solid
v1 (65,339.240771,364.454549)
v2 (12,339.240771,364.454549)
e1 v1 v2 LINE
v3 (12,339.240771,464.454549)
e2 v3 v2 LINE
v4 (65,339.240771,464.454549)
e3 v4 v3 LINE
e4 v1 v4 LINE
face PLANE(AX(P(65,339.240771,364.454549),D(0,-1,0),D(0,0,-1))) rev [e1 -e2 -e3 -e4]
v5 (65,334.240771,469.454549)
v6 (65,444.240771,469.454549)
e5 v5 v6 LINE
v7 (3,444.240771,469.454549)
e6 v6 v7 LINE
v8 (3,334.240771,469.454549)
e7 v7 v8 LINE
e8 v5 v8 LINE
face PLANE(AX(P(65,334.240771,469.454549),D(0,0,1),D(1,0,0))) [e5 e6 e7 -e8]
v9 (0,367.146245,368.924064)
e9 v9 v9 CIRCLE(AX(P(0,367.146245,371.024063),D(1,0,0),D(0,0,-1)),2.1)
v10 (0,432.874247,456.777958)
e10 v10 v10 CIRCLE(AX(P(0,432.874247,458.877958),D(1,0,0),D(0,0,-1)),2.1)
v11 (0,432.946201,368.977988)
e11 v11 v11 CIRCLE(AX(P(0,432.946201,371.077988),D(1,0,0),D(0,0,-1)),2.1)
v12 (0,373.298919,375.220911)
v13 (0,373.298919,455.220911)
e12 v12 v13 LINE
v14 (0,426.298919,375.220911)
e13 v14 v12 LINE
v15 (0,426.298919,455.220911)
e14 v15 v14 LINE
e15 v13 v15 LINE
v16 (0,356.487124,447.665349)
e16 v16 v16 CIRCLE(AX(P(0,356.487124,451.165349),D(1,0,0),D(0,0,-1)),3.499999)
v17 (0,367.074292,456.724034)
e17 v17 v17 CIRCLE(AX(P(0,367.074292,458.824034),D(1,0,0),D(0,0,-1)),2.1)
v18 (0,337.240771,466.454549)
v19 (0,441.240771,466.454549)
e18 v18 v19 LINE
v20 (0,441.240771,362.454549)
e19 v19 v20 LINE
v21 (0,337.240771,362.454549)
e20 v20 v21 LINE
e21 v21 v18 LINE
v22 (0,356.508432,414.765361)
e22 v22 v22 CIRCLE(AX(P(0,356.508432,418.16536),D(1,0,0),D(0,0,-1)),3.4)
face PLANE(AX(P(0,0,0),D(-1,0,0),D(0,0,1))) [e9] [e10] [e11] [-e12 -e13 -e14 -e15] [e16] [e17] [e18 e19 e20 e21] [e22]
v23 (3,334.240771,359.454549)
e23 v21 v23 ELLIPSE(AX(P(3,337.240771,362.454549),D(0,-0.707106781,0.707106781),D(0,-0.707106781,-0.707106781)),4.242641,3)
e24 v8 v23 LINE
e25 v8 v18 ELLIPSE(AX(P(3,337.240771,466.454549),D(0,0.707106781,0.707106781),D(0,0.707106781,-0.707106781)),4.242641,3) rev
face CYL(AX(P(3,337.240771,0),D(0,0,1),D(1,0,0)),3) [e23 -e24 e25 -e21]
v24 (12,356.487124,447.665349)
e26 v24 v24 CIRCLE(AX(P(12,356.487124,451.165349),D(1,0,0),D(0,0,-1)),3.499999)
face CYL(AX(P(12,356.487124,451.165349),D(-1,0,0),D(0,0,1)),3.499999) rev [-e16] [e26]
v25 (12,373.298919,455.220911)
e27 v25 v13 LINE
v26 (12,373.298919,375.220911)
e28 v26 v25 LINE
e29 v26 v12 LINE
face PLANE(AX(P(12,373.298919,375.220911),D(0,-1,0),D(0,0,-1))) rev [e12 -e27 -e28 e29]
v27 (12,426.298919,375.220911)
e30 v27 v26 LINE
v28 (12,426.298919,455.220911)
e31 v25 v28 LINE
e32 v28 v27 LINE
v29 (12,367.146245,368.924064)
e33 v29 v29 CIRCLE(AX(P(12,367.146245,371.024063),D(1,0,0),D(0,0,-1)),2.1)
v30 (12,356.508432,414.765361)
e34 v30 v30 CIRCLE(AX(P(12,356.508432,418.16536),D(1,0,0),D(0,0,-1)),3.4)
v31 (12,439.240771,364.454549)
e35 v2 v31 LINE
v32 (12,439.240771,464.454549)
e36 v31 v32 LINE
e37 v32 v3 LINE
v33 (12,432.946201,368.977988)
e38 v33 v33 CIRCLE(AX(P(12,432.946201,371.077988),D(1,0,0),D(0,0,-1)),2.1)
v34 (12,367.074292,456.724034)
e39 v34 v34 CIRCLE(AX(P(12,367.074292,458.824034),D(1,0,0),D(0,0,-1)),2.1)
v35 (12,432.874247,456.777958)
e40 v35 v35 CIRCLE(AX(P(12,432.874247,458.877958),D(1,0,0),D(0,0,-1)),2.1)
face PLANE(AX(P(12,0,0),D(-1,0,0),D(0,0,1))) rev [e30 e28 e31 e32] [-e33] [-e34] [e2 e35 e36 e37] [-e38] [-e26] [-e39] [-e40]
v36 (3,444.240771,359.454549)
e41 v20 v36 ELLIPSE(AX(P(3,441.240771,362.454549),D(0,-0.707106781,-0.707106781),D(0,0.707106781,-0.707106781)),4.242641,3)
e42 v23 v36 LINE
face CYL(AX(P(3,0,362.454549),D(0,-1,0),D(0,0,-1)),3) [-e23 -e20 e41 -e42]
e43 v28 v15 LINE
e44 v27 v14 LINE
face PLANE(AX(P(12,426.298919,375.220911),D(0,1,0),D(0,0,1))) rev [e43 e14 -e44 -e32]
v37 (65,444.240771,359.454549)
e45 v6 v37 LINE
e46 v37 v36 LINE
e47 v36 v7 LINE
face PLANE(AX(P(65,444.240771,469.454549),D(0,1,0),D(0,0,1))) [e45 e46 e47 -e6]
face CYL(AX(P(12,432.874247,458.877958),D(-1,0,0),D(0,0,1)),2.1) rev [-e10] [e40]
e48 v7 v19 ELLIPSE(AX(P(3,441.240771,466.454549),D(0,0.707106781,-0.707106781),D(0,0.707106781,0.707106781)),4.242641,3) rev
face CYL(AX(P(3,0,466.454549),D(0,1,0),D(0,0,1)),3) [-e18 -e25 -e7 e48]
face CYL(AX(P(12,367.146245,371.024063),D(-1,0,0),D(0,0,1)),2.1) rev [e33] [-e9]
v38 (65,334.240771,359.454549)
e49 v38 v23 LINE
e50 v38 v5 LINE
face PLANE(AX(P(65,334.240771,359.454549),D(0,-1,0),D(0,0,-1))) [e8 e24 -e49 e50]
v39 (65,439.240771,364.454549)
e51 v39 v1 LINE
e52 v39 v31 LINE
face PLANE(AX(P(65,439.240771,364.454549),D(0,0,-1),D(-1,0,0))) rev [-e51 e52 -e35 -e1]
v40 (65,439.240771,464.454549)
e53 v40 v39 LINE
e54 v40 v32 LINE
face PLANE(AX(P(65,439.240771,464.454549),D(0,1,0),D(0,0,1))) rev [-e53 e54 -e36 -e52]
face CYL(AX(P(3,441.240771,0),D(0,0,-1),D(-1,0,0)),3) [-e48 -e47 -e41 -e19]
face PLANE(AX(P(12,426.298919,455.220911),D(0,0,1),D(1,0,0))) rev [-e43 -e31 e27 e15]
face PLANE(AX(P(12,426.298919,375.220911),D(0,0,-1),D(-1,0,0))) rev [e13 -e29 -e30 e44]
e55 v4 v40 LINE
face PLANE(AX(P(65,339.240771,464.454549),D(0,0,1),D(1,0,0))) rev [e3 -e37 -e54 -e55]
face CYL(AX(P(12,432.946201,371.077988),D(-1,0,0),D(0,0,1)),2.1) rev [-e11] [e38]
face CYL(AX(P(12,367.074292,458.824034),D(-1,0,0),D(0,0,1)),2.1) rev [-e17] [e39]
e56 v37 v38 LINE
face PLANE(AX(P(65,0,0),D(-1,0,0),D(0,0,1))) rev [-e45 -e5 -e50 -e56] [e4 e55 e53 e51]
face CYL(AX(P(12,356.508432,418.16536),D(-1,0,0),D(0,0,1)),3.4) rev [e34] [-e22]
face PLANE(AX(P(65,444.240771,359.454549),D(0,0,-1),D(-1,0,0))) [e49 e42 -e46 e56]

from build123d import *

# Parameters (mm, degrees)
ESBO_O1_W                = 100
ESBO_O1_H                = 100
ESBO_O1_R                = 2.099999731
ESBO_O1_R_2              = 3.499999496
ESBO_O1_R_3              = 3.399999765
RESSALTO_EXTRUS_O1_DEPTH = 12
ESBO_O2_W                = 80
ESBO_O2_H                = 53
CORTE_EXTRUS_O1_DEPTH    = 12
ESBO_O3_W                = 110
ESBO_O3_H                = 110
ESBO_O3_W_2              = 100
ESBO_O3_H_2              = 100
RESSALTO_EXTRUS_O2_DEPTH = 65
FILETE1_R                = 3


with BuildPart() as part:
    # Esboço1 → Ressalto-extrusão1 (new body)
    with BuildSketch(Plane(origin=(0, 0, 0), x_dir=(0, 0, -1), z_dir=(1, 0, 0))):
        with Locations((-414.454548573, 389.240771296)):
            Rectangle(ESBO_O1_W, ESBO_O1_H)
        with Locations((-371.077987612, 432.946200958)):
            Circle(ESBO_O1_R, mode=Mode.SUBTRACT)
        with Locations((-371.024063379, 367.14624515)):
            Circle(ESBO_O1_R, mode=Mode.SUBTRACT)
        with Locations((-458.877958129, 432.87424738)):
            Circle(ESBO_O1_R, mode=Mode.SUBTRACT)
        with Locations((-458.824033895, 367.074291572)):
            Circle(ESBO_O1_R, mode=Mode.SUBTRACT)
        with Locations((-451.165348634, 356.487124133)):
            Circle(ESBO_O1_R_2, mode=Mode.SUBTRACT)
        with Locations((-418.165360481, 356.508431567)):
            Circle(ESBO_O1_R_3, mode=Mode.SUBTRACT)
    extrude(amount=RESSALTO_EXTRUS_O1_DEPTH)

    # Esboço2 → Corte-extrusão1 (cut)
    with BuildSketch(Plane.ZY):
        with Locations((415.220911045, 399.798918519)):
            Rectangle(ESBO_O2_W, ESBO_O2_H)
    extrude(amount=-CORTE_EXTRUS_O1_DEPTH, mode=Mode.SUBTRACT)

    # Esboço3 → Ressalto-extrusão2 (add)
    with BuildSketch(Plane.ZY):
        with Locations((414.454548573, 389.240771296)):
            Rectangle(ESBO_O3_W, ESBO_O3_H)
        with Locations((414.454548573, 389.240771296)):
            Rectangle(ESBO_O3_W_2, ESBO_O3_H_2, mode=Mode.SUBTRACT)
    extrude(amount=-RESSALTO_EXTRUS_O2_DEPTH)

    # Filete1
    filete1_edges = [part.edges().sort_by_distance(p)[0] for p in [
        (0, 444.240771296, 414.454548573),
        (0, 389.240771296, 359.454548573),
        (0, 334.240771296, 414.454548573),
        (0, 389.240771296, 469.454548573),
    ]]
    fillet(filete1_edges, radius=FILETE1_R)


solid = part.part
